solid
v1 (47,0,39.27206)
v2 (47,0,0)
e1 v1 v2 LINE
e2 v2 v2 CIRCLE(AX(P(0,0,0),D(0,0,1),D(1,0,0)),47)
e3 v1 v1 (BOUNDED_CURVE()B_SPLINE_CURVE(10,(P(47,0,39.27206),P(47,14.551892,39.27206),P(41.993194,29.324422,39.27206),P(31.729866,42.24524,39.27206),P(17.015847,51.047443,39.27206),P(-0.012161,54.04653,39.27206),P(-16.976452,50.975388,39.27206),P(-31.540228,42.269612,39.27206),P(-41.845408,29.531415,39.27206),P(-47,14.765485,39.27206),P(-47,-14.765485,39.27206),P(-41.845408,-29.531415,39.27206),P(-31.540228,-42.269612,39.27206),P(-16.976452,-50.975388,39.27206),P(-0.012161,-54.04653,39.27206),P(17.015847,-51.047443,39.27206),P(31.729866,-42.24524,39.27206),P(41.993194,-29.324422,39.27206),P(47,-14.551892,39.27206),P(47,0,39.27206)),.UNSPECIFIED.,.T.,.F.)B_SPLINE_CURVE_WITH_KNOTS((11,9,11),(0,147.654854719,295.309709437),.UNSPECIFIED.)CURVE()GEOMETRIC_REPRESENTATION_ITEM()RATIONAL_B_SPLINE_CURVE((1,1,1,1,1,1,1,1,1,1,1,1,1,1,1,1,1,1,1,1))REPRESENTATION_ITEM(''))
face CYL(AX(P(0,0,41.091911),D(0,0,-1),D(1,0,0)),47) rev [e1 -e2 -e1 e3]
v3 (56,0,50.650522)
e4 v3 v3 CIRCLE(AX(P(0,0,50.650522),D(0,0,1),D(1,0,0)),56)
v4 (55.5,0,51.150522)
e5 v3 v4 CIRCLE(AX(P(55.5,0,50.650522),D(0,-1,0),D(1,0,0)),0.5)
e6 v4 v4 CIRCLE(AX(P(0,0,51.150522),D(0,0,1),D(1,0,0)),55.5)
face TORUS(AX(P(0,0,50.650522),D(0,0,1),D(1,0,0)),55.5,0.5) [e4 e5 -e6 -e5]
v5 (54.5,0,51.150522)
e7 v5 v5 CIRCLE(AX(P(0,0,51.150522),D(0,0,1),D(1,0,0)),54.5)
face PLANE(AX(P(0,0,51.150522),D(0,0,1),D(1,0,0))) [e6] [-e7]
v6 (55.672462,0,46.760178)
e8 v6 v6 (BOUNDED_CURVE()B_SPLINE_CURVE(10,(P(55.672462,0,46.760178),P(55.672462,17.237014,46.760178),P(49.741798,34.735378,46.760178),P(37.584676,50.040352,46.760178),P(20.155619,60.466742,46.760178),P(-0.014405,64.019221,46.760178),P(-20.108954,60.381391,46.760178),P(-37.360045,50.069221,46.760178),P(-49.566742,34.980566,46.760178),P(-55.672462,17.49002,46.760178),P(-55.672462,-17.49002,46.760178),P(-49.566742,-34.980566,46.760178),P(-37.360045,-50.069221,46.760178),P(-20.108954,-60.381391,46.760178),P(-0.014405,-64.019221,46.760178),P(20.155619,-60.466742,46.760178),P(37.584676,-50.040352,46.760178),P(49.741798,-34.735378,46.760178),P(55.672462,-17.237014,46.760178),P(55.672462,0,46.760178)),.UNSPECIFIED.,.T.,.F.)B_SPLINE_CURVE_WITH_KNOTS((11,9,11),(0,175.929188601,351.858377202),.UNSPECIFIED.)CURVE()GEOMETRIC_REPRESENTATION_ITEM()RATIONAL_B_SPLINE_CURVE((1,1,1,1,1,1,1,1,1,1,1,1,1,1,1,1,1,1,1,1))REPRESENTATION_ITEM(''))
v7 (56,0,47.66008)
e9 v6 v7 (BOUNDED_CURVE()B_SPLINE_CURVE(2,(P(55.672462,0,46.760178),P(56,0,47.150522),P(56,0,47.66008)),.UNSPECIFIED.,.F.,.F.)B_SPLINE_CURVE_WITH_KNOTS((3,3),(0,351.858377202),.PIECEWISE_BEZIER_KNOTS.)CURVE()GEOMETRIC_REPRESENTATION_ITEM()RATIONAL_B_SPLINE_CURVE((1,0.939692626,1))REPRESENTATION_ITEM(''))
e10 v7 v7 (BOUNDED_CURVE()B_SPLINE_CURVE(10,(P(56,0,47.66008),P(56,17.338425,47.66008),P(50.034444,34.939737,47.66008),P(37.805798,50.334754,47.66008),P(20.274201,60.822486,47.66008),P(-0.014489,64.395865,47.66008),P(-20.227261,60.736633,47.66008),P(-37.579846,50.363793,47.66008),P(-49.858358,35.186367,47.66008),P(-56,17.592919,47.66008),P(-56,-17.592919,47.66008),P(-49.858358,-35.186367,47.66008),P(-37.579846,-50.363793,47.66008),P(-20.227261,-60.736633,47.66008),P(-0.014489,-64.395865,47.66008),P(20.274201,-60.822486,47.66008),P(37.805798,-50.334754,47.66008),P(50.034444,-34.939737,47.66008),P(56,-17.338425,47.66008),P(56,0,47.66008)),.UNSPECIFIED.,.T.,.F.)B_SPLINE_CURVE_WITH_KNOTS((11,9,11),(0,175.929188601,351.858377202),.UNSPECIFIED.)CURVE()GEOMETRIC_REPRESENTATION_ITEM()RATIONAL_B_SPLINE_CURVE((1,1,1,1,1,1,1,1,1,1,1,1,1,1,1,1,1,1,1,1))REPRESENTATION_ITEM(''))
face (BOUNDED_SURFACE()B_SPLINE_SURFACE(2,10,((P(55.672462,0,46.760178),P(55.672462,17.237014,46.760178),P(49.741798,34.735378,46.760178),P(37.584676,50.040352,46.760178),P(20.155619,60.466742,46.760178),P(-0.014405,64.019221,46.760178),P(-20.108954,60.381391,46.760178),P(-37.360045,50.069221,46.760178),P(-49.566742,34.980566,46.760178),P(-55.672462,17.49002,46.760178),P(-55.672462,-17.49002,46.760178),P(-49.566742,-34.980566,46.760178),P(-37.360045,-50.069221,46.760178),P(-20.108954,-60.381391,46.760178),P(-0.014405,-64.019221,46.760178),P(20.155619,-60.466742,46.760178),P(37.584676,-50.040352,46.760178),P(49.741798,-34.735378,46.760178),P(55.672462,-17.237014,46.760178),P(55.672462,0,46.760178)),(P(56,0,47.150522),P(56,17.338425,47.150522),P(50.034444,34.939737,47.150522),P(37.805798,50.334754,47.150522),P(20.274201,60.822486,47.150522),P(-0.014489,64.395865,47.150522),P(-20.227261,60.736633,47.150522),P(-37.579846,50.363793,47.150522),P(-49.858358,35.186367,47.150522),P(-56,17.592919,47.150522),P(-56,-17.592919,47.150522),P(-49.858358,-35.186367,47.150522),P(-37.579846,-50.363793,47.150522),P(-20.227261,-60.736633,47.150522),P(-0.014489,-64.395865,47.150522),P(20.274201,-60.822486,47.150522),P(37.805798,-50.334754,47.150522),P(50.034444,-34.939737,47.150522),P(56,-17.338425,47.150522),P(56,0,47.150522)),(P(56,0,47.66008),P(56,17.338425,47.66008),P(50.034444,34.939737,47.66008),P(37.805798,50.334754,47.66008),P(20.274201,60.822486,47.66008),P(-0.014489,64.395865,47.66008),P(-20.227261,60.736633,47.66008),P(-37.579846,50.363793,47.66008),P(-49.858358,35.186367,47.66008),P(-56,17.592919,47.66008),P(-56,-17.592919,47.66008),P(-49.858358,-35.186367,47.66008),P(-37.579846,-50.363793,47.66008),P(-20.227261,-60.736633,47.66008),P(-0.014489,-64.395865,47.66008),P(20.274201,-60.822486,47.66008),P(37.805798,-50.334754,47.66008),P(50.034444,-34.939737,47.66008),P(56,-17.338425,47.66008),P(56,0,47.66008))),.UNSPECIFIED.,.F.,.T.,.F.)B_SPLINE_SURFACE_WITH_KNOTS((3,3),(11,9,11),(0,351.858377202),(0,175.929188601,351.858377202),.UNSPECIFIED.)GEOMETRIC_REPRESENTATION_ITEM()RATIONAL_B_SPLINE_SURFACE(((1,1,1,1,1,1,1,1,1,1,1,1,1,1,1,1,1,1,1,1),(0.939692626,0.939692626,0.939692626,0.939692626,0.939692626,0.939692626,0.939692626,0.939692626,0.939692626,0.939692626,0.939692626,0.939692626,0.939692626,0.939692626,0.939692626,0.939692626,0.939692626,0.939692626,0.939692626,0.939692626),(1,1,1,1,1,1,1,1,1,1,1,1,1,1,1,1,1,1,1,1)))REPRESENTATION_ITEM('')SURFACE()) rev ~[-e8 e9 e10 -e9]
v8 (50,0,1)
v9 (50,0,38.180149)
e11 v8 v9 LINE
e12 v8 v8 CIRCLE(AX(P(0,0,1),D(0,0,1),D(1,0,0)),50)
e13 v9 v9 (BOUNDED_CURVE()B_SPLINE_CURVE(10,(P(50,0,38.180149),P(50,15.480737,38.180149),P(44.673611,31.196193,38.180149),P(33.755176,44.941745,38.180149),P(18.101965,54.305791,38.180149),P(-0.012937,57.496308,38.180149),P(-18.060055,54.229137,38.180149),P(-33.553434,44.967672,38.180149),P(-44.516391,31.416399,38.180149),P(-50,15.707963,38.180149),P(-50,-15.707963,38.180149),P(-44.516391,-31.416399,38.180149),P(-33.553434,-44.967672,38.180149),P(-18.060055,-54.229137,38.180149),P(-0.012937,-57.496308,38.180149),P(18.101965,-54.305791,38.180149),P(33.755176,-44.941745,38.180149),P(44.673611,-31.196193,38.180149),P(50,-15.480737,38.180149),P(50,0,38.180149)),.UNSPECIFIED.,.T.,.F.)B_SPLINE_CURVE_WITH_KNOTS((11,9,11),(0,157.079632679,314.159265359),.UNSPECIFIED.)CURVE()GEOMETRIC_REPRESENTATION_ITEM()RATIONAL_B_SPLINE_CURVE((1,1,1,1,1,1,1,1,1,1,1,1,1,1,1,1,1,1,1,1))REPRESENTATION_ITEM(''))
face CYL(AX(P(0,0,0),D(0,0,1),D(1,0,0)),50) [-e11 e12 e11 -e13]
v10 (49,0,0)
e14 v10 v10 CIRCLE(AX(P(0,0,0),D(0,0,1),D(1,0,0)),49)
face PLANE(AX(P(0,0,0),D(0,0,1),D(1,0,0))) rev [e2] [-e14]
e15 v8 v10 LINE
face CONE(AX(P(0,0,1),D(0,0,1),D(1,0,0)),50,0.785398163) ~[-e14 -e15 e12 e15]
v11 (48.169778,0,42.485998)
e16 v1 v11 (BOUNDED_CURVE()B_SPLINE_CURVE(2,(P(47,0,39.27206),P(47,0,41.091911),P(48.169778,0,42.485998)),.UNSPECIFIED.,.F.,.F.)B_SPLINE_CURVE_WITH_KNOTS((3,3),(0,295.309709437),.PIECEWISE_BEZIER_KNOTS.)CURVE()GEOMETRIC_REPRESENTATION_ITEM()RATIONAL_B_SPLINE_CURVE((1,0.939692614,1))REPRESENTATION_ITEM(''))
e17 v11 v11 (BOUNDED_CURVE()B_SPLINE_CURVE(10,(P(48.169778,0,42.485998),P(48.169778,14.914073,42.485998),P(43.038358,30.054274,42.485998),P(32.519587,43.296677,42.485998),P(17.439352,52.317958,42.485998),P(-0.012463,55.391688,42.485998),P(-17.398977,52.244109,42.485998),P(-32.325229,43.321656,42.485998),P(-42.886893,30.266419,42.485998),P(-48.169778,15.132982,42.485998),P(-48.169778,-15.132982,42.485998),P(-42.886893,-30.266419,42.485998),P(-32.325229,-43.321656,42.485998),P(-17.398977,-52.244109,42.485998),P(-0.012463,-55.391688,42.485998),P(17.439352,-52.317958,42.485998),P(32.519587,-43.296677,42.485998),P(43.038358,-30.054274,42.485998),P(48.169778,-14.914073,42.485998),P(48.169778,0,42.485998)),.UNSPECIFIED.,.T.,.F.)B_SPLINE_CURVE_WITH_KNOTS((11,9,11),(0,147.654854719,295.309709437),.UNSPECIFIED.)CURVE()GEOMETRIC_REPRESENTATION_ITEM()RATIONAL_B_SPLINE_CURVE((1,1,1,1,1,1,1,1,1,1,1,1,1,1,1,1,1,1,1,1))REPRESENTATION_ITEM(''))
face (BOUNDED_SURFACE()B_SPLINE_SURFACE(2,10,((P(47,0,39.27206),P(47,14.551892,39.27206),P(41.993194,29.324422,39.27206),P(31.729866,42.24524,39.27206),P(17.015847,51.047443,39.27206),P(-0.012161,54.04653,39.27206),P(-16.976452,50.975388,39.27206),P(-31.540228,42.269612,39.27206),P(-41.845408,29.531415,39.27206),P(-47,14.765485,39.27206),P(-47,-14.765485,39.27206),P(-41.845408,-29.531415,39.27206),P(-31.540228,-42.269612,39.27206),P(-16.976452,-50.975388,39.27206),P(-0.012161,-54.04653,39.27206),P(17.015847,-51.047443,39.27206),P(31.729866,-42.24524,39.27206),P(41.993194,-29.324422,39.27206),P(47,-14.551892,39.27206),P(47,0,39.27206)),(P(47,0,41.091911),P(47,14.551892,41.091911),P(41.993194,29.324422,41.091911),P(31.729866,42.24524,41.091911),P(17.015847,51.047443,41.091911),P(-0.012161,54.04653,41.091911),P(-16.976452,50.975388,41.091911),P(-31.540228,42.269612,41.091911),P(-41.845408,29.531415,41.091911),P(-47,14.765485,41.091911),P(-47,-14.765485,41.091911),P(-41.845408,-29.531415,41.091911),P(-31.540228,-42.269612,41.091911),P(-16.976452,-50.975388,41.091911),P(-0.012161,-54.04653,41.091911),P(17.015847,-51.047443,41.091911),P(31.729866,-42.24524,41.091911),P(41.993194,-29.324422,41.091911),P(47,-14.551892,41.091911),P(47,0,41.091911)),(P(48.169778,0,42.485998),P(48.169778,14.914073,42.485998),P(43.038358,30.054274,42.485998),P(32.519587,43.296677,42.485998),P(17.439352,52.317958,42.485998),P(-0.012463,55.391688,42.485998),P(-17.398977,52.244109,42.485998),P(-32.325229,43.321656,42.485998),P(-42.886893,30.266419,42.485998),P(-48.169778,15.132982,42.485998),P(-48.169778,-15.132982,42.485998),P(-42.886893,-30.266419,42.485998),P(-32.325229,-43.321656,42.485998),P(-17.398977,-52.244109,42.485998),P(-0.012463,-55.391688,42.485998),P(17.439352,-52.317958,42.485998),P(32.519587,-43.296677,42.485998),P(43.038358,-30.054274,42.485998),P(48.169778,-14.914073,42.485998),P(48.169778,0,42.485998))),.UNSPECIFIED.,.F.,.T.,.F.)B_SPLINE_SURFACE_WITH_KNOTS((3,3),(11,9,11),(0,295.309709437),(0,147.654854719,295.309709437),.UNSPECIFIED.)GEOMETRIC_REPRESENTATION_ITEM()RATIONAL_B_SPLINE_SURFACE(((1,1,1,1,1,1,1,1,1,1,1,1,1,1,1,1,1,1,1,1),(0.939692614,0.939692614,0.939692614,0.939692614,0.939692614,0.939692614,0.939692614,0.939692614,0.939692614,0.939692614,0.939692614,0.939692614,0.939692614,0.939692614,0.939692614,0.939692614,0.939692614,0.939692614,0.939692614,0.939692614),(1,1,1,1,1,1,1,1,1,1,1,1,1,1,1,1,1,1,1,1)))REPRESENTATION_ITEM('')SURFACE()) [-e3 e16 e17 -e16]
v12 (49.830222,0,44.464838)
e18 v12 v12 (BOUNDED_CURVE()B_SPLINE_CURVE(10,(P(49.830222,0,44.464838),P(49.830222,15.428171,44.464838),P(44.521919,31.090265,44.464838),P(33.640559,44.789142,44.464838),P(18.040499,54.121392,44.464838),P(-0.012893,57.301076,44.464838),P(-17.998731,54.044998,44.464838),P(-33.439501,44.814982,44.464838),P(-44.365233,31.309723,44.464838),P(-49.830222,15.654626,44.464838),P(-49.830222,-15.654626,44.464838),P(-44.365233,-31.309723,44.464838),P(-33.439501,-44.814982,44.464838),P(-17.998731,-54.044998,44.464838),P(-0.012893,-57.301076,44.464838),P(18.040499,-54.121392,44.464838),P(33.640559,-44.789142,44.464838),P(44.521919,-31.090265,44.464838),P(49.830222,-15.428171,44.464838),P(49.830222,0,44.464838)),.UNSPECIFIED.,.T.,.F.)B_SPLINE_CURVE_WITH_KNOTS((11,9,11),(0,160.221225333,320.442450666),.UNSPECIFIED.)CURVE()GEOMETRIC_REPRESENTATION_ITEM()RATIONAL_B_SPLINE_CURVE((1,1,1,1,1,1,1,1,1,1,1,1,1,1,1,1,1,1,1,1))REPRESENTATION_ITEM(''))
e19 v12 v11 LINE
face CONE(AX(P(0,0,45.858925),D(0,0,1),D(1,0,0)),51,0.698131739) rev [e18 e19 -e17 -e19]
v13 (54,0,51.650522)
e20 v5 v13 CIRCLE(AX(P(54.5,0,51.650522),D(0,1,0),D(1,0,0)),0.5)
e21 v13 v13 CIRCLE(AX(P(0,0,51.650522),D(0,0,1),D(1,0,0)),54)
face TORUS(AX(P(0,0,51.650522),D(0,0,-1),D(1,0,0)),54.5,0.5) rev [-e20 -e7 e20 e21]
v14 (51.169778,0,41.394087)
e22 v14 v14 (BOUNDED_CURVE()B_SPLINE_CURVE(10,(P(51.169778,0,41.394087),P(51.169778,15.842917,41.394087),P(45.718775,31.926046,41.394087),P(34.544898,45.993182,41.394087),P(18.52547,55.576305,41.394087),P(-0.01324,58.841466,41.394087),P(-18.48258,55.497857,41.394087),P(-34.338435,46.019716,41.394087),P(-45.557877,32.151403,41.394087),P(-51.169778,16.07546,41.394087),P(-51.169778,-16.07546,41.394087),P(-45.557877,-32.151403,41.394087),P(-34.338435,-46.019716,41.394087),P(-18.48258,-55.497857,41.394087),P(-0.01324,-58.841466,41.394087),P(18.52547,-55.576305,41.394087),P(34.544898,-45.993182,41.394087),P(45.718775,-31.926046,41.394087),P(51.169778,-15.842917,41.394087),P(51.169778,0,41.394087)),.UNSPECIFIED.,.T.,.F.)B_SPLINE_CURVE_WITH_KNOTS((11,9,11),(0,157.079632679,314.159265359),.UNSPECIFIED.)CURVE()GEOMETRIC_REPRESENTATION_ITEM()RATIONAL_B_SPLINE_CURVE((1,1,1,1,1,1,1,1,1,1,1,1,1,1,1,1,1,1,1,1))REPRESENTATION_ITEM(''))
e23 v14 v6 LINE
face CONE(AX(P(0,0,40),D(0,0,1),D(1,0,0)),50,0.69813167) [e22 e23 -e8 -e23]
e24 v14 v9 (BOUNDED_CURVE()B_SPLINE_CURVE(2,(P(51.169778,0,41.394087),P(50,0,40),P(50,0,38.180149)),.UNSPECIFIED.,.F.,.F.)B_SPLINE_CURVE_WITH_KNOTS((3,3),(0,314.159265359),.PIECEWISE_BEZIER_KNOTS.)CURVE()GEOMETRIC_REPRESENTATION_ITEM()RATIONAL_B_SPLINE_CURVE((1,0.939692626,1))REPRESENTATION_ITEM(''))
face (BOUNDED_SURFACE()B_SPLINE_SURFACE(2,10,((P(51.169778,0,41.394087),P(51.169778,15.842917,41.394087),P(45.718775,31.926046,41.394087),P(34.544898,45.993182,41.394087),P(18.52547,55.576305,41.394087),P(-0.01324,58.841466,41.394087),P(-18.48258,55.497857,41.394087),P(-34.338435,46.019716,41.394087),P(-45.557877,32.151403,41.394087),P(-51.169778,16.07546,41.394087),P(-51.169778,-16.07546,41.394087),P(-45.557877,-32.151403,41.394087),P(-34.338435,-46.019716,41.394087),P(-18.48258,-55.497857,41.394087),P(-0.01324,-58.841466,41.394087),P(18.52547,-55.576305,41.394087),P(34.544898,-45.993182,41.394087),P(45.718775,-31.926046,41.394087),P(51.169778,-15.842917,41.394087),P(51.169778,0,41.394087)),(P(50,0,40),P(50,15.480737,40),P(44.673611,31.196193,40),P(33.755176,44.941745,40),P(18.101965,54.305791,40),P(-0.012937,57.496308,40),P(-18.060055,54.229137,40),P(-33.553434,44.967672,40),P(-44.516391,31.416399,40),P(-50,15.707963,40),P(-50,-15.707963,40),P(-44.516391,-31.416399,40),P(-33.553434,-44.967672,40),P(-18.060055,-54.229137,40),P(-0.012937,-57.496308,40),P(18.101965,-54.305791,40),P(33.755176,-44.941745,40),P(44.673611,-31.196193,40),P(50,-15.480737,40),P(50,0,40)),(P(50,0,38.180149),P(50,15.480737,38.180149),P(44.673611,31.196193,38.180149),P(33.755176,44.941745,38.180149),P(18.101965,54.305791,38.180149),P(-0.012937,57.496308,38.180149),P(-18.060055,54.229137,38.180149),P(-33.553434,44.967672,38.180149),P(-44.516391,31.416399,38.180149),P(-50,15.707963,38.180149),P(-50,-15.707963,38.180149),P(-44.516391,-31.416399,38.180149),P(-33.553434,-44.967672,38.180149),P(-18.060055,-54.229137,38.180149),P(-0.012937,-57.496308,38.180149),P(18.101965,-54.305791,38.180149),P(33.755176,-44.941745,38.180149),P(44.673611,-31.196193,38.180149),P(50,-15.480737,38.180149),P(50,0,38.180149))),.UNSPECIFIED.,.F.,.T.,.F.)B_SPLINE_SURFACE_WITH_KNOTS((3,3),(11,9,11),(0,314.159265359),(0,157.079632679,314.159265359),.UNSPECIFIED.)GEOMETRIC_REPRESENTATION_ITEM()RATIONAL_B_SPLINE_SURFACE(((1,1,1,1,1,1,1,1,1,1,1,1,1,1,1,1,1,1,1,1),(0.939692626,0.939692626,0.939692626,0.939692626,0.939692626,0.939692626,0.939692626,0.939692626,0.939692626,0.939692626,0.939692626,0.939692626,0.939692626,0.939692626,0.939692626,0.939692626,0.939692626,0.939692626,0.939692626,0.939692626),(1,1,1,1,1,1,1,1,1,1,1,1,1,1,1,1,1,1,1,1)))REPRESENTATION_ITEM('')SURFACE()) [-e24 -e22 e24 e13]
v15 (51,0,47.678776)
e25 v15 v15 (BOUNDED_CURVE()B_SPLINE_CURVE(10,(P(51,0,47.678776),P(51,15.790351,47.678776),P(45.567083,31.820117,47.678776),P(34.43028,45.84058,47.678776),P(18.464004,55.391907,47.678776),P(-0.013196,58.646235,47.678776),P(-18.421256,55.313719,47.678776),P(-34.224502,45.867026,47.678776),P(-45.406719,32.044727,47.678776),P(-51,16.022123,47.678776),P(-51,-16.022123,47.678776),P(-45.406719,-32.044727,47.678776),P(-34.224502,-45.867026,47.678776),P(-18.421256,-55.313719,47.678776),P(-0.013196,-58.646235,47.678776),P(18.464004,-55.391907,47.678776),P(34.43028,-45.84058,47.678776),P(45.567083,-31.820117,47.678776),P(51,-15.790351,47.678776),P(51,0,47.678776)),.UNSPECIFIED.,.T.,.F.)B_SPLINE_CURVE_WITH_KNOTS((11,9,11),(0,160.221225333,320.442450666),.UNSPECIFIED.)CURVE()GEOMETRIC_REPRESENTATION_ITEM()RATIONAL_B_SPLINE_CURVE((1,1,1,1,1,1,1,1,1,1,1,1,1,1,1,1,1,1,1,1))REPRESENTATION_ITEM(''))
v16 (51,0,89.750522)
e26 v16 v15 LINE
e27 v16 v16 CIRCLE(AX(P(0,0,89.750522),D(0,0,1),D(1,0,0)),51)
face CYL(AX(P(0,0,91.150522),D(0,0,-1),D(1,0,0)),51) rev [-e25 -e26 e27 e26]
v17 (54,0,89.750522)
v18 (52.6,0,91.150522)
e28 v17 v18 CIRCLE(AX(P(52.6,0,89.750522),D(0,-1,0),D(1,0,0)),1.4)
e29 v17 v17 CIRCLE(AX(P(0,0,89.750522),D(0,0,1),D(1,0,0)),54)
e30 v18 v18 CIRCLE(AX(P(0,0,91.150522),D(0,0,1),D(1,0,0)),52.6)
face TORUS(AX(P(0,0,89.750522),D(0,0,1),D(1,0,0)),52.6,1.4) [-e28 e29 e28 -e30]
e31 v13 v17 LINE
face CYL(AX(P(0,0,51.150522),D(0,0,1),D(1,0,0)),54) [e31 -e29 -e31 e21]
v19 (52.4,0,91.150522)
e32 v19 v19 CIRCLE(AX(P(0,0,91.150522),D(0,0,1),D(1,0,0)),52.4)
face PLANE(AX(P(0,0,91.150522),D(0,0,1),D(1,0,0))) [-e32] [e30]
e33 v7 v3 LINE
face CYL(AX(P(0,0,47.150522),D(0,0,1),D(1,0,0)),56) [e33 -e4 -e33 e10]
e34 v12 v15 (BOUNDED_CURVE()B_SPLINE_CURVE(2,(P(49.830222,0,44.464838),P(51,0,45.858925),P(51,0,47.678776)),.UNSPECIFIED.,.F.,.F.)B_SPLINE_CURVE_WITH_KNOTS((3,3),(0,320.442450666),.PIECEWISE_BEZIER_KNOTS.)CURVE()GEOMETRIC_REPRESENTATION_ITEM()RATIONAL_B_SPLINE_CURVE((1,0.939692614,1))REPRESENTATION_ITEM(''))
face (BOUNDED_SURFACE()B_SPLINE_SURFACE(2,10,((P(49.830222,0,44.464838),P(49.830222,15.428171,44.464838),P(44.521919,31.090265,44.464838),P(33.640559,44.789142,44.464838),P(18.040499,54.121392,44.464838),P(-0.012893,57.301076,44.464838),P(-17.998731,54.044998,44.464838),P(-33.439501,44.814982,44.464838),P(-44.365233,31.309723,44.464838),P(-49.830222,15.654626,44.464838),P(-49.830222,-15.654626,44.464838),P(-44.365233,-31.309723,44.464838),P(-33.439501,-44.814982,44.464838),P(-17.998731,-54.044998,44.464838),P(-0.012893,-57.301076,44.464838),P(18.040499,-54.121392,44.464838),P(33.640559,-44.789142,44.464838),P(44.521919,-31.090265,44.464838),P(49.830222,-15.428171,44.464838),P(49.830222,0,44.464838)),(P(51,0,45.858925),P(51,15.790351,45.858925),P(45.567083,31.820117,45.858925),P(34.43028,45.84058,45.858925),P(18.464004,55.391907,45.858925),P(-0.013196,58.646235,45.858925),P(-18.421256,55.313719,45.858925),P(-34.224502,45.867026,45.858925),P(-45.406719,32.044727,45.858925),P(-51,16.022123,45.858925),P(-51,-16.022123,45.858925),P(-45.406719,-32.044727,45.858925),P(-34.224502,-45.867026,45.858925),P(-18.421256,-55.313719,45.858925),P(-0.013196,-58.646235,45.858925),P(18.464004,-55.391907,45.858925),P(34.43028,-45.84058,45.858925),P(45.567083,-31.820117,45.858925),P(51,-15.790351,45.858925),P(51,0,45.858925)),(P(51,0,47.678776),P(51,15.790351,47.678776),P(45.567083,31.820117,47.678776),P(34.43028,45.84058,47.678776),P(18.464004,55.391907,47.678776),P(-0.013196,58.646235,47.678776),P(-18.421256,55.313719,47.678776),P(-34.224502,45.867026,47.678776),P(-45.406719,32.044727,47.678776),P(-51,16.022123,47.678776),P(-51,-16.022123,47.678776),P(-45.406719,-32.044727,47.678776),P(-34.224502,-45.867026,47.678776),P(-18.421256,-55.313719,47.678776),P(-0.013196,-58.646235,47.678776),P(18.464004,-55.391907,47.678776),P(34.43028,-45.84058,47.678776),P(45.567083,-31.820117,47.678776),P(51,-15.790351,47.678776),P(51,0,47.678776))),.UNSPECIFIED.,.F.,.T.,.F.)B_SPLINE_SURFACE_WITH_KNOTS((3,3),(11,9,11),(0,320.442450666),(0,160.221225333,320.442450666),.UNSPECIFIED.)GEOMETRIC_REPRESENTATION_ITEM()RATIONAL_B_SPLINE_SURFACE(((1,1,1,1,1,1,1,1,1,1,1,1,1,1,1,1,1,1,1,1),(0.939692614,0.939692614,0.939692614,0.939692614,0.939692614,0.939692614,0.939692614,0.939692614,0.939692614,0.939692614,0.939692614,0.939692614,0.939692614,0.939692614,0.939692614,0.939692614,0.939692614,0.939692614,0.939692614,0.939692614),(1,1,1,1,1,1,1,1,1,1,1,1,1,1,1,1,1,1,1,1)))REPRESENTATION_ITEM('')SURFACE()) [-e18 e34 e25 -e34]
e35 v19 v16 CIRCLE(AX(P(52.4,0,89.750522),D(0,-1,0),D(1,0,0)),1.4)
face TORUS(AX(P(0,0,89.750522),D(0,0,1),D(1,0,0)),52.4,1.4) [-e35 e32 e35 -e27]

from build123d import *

# Parameters (mm, degrees)
F2_R    = 1.4
F3_R    = 0.5
F4_R    = 5
F5_SIZE = 1


with BuildPart() as f1:
    # F0 (on Front) → F1 (revolve)
    with BuildSketch(Plane.XZ):
        Polygon((47, 0), (50, 0), (50, 40), (56, 47.150522), (56, 51.150522), (54, 51.150522), (54, 91.150522), (51, 91.150522), (51, 45.858925), (47, 41.091911), align=None)
    revolve(axis=Axis((0, 0, 46.684548), (0, 0, 1)))

    # F2
    f2_edges = [f1.edges().sort_by_distance(p)[0] for p in [
        (-54, 0, 91.150522),
        (-51, 0, 91.150522),
        (-56, 0, 47.150522),
    ]]
    fillet(f2_edges, radius=F2_R)

    # F3
    f3_edges = [f1.edges().sort_by_distance(p)[0] for p in [
        (-56, 0, 51.150522),
        (-54, 0, 51.150522),
    ]]
    fillet(f3_edges, radius=F3_R)

    # F4
    f4_edges = [f1.edges().sort_by_distance(p)[0] for p in [
        (-50, 0, 40),
        (-47, 0, 41.091911),
        (-51, 0, 45.858925),
    ]]
    fillet(f4_edges, radius=F4_R)

    # F5
    f5_edges = [f1.edges().sort_by_distance(p)[0] for p in [
        (-50, 0, 0),
    ]]
    chamfer(f5_edges, length=F5_SIZE)


solid = f1.part
